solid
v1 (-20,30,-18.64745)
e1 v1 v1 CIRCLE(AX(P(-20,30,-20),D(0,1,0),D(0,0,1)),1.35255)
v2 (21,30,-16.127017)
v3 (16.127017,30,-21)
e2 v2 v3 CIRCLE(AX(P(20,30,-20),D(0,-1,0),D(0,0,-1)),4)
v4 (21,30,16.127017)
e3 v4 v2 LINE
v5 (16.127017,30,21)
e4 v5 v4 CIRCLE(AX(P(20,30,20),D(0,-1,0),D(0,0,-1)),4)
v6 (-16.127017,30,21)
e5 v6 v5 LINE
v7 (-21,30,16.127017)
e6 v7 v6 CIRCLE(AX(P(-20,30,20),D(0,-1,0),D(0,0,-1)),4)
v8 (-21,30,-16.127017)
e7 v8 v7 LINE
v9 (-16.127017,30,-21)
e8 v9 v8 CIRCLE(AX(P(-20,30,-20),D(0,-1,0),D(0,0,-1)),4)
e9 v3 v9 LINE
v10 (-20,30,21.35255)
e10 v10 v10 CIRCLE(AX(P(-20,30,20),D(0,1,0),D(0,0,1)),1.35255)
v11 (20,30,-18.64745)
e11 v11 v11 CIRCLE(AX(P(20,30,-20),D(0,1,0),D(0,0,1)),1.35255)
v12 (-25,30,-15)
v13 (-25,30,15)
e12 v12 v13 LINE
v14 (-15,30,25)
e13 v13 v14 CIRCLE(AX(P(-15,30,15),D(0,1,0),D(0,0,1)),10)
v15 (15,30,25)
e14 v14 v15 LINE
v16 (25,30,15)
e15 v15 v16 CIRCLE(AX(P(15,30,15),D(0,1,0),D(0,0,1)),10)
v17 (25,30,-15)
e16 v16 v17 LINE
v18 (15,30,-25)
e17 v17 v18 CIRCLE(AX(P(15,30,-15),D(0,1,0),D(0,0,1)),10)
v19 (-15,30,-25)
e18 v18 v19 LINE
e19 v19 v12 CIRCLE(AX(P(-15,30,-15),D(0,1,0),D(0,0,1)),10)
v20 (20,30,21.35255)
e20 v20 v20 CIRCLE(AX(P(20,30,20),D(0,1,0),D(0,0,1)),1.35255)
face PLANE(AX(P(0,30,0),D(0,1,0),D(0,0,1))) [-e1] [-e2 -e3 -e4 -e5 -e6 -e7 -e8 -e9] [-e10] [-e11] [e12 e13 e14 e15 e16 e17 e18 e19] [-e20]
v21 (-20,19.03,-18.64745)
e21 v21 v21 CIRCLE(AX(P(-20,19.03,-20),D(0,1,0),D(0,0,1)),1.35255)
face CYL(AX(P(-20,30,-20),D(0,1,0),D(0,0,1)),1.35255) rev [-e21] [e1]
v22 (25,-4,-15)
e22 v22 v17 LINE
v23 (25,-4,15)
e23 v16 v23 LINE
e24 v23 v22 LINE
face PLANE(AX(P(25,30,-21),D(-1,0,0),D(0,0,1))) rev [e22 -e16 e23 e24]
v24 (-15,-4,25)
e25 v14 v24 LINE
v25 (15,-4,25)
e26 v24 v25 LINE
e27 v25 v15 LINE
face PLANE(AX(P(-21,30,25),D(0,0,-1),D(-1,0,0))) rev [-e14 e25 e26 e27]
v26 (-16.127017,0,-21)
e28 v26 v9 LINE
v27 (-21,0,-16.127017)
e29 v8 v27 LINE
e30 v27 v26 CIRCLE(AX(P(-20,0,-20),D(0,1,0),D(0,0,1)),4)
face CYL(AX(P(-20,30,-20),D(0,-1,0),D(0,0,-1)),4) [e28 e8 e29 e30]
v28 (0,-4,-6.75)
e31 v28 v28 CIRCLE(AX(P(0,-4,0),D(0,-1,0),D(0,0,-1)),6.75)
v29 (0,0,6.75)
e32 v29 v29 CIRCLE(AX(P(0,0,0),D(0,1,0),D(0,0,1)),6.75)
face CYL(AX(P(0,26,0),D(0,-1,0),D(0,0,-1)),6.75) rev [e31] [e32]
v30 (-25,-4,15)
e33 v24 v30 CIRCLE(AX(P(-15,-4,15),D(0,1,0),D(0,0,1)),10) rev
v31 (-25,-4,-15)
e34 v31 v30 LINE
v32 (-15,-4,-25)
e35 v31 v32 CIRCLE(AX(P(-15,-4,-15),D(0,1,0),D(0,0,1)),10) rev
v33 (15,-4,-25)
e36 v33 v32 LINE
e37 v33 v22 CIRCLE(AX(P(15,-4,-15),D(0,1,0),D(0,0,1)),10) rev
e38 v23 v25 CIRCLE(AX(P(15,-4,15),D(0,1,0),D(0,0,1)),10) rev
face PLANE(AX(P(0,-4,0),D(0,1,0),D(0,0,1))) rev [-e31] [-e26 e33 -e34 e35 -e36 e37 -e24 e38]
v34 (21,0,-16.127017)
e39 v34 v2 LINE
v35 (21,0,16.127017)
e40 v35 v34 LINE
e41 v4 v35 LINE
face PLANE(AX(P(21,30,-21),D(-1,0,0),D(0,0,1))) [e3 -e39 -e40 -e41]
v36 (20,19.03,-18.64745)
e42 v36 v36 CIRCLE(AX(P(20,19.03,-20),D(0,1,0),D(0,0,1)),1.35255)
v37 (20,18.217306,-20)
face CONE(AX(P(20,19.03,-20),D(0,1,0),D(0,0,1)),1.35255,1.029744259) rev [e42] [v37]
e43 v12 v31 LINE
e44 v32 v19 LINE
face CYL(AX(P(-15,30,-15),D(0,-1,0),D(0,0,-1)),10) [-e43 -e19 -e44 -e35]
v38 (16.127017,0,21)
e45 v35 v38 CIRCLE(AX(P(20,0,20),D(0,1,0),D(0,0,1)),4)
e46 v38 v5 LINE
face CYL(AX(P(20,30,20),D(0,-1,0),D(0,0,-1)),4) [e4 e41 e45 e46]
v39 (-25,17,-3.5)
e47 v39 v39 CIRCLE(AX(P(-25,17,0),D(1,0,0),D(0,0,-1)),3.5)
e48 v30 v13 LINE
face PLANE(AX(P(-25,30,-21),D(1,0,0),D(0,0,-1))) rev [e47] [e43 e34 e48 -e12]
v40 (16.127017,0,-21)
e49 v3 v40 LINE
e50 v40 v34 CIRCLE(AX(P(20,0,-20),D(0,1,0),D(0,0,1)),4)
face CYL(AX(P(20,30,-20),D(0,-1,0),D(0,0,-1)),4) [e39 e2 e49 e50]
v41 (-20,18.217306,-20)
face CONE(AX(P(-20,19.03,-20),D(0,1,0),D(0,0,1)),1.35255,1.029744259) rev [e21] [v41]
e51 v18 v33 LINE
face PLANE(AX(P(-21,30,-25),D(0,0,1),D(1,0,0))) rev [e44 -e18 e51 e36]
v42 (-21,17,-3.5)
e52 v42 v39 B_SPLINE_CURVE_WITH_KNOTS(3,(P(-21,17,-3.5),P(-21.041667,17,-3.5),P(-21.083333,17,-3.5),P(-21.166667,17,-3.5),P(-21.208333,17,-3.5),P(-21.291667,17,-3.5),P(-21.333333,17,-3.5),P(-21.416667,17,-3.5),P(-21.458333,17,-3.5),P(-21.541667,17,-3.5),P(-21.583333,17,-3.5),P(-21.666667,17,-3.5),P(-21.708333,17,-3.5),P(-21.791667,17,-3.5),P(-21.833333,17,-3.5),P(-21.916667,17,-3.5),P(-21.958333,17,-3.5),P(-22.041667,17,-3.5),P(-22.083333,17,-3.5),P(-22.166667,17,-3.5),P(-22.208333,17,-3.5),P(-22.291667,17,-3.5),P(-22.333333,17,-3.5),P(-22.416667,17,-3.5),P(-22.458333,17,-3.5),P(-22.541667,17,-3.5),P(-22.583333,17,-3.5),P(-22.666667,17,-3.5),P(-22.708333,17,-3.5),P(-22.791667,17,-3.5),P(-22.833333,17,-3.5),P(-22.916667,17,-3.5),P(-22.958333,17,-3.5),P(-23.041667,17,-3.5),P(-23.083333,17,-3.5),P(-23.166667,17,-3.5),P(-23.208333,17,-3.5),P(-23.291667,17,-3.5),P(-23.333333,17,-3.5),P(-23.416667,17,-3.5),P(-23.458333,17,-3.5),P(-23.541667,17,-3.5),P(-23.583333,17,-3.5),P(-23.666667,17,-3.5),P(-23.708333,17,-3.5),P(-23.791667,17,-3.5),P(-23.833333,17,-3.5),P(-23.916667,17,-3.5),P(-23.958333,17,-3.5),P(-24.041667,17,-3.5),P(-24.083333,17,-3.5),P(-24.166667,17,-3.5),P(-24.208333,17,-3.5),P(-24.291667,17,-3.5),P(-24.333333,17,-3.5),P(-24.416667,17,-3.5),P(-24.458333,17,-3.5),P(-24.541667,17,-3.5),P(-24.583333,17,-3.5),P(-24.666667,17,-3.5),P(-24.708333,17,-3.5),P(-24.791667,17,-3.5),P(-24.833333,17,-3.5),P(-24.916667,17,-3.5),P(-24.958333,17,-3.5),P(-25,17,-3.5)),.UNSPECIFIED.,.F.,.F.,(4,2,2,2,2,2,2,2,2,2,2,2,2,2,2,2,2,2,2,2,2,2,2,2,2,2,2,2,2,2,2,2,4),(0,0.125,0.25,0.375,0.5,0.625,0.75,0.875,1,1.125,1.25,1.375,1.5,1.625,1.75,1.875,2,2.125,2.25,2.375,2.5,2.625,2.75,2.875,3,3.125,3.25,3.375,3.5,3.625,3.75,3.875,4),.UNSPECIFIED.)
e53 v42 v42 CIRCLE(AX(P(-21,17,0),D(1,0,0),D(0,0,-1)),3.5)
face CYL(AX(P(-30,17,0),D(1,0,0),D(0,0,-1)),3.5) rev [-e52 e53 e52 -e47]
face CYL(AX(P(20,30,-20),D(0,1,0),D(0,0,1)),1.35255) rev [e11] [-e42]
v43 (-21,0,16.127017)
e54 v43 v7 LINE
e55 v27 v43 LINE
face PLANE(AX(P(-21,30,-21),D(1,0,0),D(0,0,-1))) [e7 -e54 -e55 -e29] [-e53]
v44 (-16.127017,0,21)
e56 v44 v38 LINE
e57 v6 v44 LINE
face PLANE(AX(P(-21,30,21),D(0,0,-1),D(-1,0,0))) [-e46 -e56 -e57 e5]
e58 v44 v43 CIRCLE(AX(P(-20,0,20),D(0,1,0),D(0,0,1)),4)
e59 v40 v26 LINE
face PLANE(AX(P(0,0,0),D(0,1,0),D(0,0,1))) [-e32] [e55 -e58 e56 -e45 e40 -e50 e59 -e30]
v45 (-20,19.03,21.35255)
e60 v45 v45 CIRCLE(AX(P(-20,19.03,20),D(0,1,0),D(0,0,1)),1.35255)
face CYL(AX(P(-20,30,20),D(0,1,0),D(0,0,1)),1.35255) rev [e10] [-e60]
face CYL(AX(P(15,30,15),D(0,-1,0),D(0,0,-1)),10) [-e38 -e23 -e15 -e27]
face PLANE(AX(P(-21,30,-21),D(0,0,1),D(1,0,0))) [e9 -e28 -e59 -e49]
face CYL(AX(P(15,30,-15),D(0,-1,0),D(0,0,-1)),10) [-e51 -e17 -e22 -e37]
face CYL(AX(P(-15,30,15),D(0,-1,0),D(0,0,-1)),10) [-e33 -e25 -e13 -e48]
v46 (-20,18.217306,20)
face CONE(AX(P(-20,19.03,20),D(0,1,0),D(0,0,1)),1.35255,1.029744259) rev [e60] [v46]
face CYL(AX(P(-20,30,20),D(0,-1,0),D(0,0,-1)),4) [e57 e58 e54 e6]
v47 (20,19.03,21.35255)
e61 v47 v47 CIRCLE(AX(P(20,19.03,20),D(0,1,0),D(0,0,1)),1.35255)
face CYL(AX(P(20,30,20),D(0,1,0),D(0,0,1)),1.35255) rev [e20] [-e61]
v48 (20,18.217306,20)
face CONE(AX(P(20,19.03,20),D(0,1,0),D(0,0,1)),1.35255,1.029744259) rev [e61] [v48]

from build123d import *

# Parameters (mm, degrees)
SKETCH1_W                 = 42
SKETCH1_H                 = 42
BOSS_EXTRUDE2_DEPTH       = 30
SHELL1_T                  = 4
SKETCH3_R                 = 3.5
CUT_EXTRUDE1_DEPTH        = 30
SKETCH2_R                 = 6.75
CUT_EXTRUDE2_DEPTH        = 30
SKETCH5_R                 = 4
BOSS_EXTRUDE3_DEPTH       = 34
F_6_32_TAPPED_HOLE6_D     = 2.7051
F_6_32_TAPPED_HOLE6_DEPTH = 10.97
F_6_32_TAPPED_HOLE6_TIP   = 0.81269403
FILLET3_R                 = 10


with BuildPart() as part:
    # Sketch1 → Boss-Extrude2 (new body)
    with BuildSketch(Plane(origin=(0, 0, 0), x_dir=(1, 0, 0), z_dir=(0, 1, 0))):
        Rectangle(SKETCH1_W, SKETCH1_H)
    extrude(amount=BOSS_EXTRUDE2_DEPTH)

    # Shell1
    shell1_openings = [part.faces().sort_by_distance(p)[0] for p in [
        (0, 30, 0),
    ]]
    offset(amount=SHELL1_T, openings=shell1_openings, kind=Kind.INTERSECTION)

    # Sketch3 → Cut-Extrude1 (cut)
    with BuildSketch(Plane(origin=(0, 0, 0), x_dir=(0, 0, -1), z_dir=(1, 0, 0))):
        with Locations((0, 17)):
            Circle(SKETCH3_R)
    extrude(amount=-CUT_EXTRUDE1_DEPTH, mode=Mode.SUBTRACT)

    # Sketch2 → Cut-Extrude2 (cut)
    with BuildSketch(Plane(origin=(0, -4, 0), x_dir=(-1, 0, 0), z_dir=(0, -1, 0))):
        with Locations(Location((0, 0, 0), (0, 0, 90))):
            Circle(SKETCH2_R)
    extrude(amount=-CUT_EXTRUDE2_DEPTH, mode=Mode.SUBTRACT)

    # Sketch5 → Boss-Extrude3 (add)
    with BuildSketch(Plane(origin=(0, -4, 0), x_dir=(-1, 0, 0), z_dir=(0, -1, 0))):
        with Locations((20, -20)):
            Circle(SKETCH5_R)
        with Locations((-20, -20)):
            Circle(SKETCH5_R)
        with Locations((-20, 20)):
            Circle(SKETCH5_R)
        with Locations((20, 20)):
            Circle(SKETCH5_R)
    extrude(amount=-BOSS_EXTRUDE3_DEPTH)

    # #6-32 Tapped Hole6
    with Locations(Plane(origin=(-20, 30, -20), x_dir=(0, 0, 1), z_dir=(0, 1, 0))):
        with Locations((0, 0), (0, 40), (40, 40), (40, 0)):
            Hole(F_6_32_TAPPED_HOLE6_D / 2, depth=F_6_32_TAPPED_HOLE6_DEPTH)
            with Locations((0, 0, -(F_6_32_TAPPED_HOLE6_DEPTH + F_6_32_TAPPED_HOLE6_TIP / 2))):  # 118° drill point
                Cone(0, F_6_32_TAPPED_HOLE6_D / 2, F_6_32_TAPPED_HOLE6_TIP, mode=Mode.SUBTRACT)

    # Fillet3
    fillet3_edges = [part.edges().sort_by_distance(p)[0] for p in [
        (25, 13, 25),
        (-25, 13, 25),
        (-25, 13, -25),
        (25, 13, -25),
    ]]
    fillet(fillet3_edges, radius=FILLET3_R)


solid = part.part
